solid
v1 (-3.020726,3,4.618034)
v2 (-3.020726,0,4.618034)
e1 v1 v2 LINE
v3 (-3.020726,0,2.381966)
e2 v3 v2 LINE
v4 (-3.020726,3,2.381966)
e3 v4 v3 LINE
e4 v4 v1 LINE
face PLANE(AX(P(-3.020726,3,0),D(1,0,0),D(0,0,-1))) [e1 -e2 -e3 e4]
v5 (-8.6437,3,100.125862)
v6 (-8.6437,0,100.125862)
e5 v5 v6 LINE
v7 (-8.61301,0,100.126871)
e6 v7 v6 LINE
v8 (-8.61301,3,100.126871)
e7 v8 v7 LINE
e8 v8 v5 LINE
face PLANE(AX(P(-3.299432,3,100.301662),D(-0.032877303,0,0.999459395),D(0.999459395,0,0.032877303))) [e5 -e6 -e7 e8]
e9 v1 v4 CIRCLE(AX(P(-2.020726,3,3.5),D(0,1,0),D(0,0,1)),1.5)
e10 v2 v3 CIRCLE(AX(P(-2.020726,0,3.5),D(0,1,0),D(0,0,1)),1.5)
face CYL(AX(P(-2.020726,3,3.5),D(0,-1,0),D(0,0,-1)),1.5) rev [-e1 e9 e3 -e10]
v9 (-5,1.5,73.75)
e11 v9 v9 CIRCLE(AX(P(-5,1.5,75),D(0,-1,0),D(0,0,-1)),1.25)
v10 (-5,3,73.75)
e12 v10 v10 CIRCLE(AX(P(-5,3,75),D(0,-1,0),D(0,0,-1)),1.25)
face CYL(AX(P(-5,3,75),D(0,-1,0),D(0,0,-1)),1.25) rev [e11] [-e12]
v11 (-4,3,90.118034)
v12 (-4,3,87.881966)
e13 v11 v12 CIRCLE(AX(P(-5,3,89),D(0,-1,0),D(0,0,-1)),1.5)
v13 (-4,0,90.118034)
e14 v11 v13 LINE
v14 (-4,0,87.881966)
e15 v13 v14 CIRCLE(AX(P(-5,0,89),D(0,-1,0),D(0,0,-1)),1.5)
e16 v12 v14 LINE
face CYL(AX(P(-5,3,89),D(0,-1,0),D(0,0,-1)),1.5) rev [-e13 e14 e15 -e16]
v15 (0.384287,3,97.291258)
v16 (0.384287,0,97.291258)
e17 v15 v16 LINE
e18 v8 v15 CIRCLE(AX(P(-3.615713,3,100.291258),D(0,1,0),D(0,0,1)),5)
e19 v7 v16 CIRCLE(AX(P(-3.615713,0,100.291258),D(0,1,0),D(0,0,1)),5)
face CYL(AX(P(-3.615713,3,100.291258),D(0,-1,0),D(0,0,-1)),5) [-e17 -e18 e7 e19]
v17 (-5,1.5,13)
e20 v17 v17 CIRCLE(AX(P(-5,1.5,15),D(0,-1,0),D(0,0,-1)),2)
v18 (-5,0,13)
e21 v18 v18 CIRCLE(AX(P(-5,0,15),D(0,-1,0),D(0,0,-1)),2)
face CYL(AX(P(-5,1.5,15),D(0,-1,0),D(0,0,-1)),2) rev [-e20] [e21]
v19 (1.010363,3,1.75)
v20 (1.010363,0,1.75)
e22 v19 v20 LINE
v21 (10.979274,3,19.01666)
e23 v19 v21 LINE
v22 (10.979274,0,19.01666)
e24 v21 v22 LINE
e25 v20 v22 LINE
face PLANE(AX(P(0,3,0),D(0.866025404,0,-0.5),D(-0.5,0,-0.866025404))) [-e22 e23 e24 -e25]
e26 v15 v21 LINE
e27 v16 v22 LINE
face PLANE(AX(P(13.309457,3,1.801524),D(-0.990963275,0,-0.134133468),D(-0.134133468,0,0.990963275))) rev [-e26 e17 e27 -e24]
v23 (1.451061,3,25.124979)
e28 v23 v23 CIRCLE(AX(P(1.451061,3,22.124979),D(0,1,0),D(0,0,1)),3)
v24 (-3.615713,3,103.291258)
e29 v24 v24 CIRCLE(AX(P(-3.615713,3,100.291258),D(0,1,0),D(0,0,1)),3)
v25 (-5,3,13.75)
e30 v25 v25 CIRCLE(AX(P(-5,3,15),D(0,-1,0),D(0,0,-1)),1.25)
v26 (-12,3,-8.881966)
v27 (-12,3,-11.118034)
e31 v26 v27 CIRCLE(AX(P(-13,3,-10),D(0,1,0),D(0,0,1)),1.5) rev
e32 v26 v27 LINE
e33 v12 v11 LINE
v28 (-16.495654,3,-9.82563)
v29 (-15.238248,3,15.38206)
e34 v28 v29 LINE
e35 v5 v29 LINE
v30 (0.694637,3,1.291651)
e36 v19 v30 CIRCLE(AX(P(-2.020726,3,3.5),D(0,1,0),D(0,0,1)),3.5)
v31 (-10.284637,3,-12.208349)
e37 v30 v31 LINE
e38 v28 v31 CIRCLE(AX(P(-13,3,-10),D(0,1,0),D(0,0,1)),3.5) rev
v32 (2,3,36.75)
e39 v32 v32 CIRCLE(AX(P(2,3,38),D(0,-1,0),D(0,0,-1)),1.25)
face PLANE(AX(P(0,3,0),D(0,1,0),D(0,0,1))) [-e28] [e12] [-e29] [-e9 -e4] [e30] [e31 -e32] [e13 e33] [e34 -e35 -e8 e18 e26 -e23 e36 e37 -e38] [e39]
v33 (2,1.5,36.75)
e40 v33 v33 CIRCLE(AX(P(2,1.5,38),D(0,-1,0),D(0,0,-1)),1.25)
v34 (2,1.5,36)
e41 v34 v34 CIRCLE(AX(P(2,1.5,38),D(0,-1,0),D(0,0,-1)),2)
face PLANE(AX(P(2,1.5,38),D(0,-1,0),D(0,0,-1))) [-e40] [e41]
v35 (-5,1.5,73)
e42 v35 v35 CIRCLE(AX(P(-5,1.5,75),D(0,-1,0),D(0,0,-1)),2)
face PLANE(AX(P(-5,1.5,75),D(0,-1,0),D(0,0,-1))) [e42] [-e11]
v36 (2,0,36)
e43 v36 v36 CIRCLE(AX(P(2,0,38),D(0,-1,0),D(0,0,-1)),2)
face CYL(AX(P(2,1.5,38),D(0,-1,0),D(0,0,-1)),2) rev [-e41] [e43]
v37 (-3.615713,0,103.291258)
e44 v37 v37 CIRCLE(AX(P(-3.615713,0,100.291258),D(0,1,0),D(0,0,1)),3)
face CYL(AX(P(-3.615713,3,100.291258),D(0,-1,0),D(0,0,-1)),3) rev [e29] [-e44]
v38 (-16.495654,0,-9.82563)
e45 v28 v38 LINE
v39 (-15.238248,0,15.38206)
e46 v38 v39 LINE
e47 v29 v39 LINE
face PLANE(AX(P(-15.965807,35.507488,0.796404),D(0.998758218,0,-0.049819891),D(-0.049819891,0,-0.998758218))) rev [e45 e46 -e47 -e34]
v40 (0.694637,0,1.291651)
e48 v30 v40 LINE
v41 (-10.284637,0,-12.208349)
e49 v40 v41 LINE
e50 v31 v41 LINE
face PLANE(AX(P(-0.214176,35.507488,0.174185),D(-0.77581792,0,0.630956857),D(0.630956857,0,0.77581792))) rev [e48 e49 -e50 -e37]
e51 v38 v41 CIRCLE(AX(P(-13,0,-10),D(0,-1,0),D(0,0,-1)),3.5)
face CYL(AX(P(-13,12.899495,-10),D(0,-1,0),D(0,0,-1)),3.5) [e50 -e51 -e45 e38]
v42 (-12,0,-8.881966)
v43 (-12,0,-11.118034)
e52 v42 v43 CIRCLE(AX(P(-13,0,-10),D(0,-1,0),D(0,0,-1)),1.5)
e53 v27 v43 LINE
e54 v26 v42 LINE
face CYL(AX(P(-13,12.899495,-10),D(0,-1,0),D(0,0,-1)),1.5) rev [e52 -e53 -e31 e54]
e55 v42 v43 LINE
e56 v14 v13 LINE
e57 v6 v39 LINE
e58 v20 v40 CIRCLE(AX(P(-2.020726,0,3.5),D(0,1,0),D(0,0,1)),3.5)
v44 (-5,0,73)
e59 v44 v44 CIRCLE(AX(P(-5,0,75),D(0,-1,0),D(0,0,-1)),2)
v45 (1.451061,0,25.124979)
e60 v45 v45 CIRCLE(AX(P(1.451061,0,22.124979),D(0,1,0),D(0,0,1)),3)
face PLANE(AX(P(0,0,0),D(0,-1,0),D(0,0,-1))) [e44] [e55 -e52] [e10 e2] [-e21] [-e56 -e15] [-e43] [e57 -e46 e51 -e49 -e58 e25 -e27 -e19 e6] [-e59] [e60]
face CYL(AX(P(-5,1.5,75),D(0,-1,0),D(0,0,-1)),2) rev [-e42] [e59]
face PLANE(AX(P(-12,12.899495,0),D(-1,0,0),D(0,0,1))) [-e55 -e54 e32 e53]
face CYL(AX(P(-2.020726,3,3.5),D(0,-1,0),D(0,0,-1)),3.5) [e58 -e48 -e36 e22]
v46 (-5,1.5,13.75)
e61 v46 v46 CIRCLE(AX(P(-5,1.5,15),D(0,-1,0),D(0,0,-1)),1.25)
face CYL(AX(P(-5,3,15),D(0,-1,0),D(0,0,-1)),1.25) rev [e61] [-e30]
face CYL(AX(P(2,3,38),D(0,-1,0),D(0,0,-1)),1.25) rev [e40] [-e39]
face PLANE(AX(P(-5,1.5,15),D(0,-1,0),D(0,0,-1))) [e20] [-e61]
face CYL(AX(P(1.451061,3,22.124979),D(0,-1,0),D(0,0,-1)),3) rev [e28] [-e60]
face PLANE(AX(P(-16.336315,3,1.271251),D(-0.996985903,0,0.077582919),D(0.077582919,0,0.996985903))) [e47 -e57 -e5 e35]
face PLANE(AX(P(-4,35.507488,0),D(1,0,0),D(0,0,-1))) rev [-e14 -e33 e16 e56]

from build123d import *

# Parameters (mm, degrees)
SKETCH_2_R          = 3
EXTRUDE_1_DEPTH     = 3
SKETCH_3_R          = 3.5
EXTRUDE_2_DEPTH     = 3
SKETCH_4_R          = 3.5
EXTRUDE_3_DEPTH     = 3
CUT_EXTRUDE_1_DEPTH = 107.618473768
CUT_EXTRUDE_2_DEPTH = 107.618473768
EXTRUDE_4_DEPTH     = 3
SKETCH_6_R          = 1.25
CUT_EXTRUDE_3_DEPTH = 107.618473768
SKETCH_6_3_R        = 2
SKETCH_6_3_R_2      = 1.25
CUT_EXTRUDE_4_DEPTH = 1.5


with BuildPart() as part:
    # 草图2 → 凸台-拉伸1 (new body)
    with BuildSketch(Plane(origin=(0, 0, 0), x_dir=(1, 0, 0), z_dir=(0, 1, 0))):
        with BuildLine():
            Line((-8, 0), (-15.238247957, -15.382059892))
            Line((-15.238247957, -15.382059892), (-8.643699882, -100.125861646))
            Line((-8.643699882, -100.125861646), (-8.61301011, -100.126871188))
            ThreePointArc((-8.61301011, -100.126871188), (-3.780099648, -105.28855468), (1.381583844, -100.455644218))
            Line((1.381583844, -100.455644218), (1.399355455, -100.456228817))
            Line((1.399355455, -100.456228817), (10.979274058, -19.016660498))
            Line((10.979274058, -19.016660498), (1.010362938, -1.749999943))
            ThreePointArc((1.010362938, -1.749999943), (-0.270725971, -0.46891107), (-2.020725942, 0))
            Line((-2.020725942, 0), (-8, 0))
        make_face()
        with Locations(Location((-3.615713133, -100.291257703, 0), (0, 0, 270))):
            Circle(SKETCH_2_R, mode=Mode.SUBTRACT)
        with BuildLine():
            ThreePointArc((-3.020725942, -2.381966011), (-0.520725942, -3.5), (-3.020725942, -4.618033989))
            Line((-3.020725942, -4.618033989), (-3.020725942, -2.381966011))
        make_face(mode=Mode.SUBTRACT)
        with Locations(Location((1.451061426, -22.124978573, 0), (0, 0, 270))):
            Circle(SKETCH_2_R, mode=Mode.SUBTRACT)
    extrude(amount=EXTRUDE_1_DEPTH)

    # 草图4 → 凸台-拉伸3 (add)
    with BuildSketch(Plane.XZ):
        with Locations((-5, 89)):
            Circle(SKETCH_4_R)
    extrude(amount=-EXTRUDE_3_DEPTH)

    # 草图4<3> → 切除-拉伸1 (cut, through all)
    with BuildSketch(Plane.XZ):
        with BuildLine():
            ThreePointArc((-3.5, 89), (-3.60795306, 89.55875336), (-3.916273757, 90.037081207))
            Line((-3.916273757, 90.037081207), (-4.089754437, 87.807752956))
            ThreePointArc((-4.089754437, 87.807752956), (-3.655498541, 88.334931712), (-3.5, 89))
        make_face()
        with BuildLine():
            Line((-4.089754437, 87.807752956), (-3.916273757, 90.037081207))
            ThreePointArc((-3.916273757, 90.037081207), (-6.495478854, 89.116374378), (-4.089754437, 87.807752956))
        make_face()
    extrude(amount=-CUT_EXTRUDE_1_DEPTH, mode=Mode.SUBTRACT)

    # 草图4<4> → 切除-拉伸2 (cut, through all)
    with BuildSketch(Plane.XZ):
        with BuildLine():
            ThreePointArc((1.384286867, 100.291257703), (1.127703357, 98.710118873), (0.384286867, 97.291257703))
            Line((0.384286867, 97.291257703), (10.979274058, 19.016660498))
            Line((10.979274058, 19.016660498), (1.399355455, 100.456228817))
            Line((1.399355455, 100.456228817), (1.381583844, 100.455644218))
            ThreePointArc((1.381583844, 100.455644218), (1.383611066, 100.373462071), (1.384286867, 100.291257703))
        make_face()
    extrude(amount=-CUT_EXTRUDE_2_DEPTH, mode=Mode.SUBTRACT)



with BuildPart() as body_2:
    # 草图3 → 凸台-拉伸2 (new body)
    with BuildSketch(Plane.XZ):
        with Locations(Location((-13, -10, 0), (0, 0, 270))):
            Circle(SKETCH_3_R)
        with BuildLine():
            Line((-12, -8.881966011), (-12, -11.118033989))
            ThreePointArc((-12, -11.118033989), (-14.5, -10), (-12, -8.881966011))
        make_face(mode=Mode.SUBTRACT)
    extrude(amount=-EXTRUDE_2_DEPTH)


with BuildPart() as part_1:
    add(part.part)

    add(body_2.part)  # 凸台-拉伸4 merges body 2
    # 草图5 → 凸台-拉伸4 (add)
    with BuildSketch(Plane.XZ):
        with BuildLine():
            Line((-10.28463728, -12.208348998), (0.694636778, 1.291651002))
            Line((0.694636778, 1.291651002), (-8, 0))
            Line((-8, 0), (-15.238247957, 15.382059892))
            Line((-15.238247957, 15.382059892), (-16.495653764, -9.825630381))
            ThreePointArc((-16.495653764, -9.825630381), (-11.746385015, -6.732210308), (-10.28463728, -12.208348998))
        make_face()
        with BuildLine():
            Line((-4, 90.118033989), (-4, 87.881966011))
            ThreePointArc((-4, 87.881966011), (-3.5, 89), (-4, 90.118033989))
        make_face()
    extrude(amount=-EXTRUDE_4_DEPTH)

    # 草图6 → 切除-拉伸3 (cut, through all)
    with BuildSketch(Plane.XZ):
        with Locations(Location((-5, 15, 0), (0, 0, 270))):
            Circle(SKETCH_6_R)
        with Locations(Location((2, 38, 0), (0, 0, 270))):
            Circle(SKETCH_6_R)
        with Locations(Location((-5, 75, 0), (0, 0, 270))):
            Circle(SKETCH_6_R)
    extrude(amount=-CUT_EXTRUDE_3_DEPTH, mode=Mode.SUBTRACT)

    # 草图6<3> → 切除-拉伸4 (cut)
    # profile 1 of 3: a face of its own
    with BuildSketch(Plane.XZ):
        with Locations(Location((-5, 15, 0), (0, 0, 270))):
            Circle(SKETCH_6_3_R)
        with Locations(Location((-5, 15, 0), (0, 0, 270))):
            Circle(SKETCH_6_3_R_2, mode=Mode.SUBTRACT)
    # profile 2 of 3: a face of its own
    with BuildSketch(Plane.XZ):
        with Locations(Location((2, 38, 0), (0, 0, 270))):
            Circle(SKETCH_6_3_R)
        with Locations(Location((2, 38, 0), (0, 0, 270))):
            Circle(SKETCH_6_3_R_2, mode=Mode.SUBTRACT)
    # profile 3 of 3: a face of its own
    with BuildSketch(Plane.XZ):
        with Locations(Location((-5, 75, 0), (0, 0, 270))):
            Circle(SKETCH_6_3_R)
        with Locations(Location((-5, 75, 0), (0, 0, 270))):
            Circle(SKETCH_6_3_R_2, mode=Mode.SUBTRACT)
    extrude(amount=-CUT_EXTRUDE_4_DEPTH, mode=Mode.SUBTRACT)


solid = part_1.part
